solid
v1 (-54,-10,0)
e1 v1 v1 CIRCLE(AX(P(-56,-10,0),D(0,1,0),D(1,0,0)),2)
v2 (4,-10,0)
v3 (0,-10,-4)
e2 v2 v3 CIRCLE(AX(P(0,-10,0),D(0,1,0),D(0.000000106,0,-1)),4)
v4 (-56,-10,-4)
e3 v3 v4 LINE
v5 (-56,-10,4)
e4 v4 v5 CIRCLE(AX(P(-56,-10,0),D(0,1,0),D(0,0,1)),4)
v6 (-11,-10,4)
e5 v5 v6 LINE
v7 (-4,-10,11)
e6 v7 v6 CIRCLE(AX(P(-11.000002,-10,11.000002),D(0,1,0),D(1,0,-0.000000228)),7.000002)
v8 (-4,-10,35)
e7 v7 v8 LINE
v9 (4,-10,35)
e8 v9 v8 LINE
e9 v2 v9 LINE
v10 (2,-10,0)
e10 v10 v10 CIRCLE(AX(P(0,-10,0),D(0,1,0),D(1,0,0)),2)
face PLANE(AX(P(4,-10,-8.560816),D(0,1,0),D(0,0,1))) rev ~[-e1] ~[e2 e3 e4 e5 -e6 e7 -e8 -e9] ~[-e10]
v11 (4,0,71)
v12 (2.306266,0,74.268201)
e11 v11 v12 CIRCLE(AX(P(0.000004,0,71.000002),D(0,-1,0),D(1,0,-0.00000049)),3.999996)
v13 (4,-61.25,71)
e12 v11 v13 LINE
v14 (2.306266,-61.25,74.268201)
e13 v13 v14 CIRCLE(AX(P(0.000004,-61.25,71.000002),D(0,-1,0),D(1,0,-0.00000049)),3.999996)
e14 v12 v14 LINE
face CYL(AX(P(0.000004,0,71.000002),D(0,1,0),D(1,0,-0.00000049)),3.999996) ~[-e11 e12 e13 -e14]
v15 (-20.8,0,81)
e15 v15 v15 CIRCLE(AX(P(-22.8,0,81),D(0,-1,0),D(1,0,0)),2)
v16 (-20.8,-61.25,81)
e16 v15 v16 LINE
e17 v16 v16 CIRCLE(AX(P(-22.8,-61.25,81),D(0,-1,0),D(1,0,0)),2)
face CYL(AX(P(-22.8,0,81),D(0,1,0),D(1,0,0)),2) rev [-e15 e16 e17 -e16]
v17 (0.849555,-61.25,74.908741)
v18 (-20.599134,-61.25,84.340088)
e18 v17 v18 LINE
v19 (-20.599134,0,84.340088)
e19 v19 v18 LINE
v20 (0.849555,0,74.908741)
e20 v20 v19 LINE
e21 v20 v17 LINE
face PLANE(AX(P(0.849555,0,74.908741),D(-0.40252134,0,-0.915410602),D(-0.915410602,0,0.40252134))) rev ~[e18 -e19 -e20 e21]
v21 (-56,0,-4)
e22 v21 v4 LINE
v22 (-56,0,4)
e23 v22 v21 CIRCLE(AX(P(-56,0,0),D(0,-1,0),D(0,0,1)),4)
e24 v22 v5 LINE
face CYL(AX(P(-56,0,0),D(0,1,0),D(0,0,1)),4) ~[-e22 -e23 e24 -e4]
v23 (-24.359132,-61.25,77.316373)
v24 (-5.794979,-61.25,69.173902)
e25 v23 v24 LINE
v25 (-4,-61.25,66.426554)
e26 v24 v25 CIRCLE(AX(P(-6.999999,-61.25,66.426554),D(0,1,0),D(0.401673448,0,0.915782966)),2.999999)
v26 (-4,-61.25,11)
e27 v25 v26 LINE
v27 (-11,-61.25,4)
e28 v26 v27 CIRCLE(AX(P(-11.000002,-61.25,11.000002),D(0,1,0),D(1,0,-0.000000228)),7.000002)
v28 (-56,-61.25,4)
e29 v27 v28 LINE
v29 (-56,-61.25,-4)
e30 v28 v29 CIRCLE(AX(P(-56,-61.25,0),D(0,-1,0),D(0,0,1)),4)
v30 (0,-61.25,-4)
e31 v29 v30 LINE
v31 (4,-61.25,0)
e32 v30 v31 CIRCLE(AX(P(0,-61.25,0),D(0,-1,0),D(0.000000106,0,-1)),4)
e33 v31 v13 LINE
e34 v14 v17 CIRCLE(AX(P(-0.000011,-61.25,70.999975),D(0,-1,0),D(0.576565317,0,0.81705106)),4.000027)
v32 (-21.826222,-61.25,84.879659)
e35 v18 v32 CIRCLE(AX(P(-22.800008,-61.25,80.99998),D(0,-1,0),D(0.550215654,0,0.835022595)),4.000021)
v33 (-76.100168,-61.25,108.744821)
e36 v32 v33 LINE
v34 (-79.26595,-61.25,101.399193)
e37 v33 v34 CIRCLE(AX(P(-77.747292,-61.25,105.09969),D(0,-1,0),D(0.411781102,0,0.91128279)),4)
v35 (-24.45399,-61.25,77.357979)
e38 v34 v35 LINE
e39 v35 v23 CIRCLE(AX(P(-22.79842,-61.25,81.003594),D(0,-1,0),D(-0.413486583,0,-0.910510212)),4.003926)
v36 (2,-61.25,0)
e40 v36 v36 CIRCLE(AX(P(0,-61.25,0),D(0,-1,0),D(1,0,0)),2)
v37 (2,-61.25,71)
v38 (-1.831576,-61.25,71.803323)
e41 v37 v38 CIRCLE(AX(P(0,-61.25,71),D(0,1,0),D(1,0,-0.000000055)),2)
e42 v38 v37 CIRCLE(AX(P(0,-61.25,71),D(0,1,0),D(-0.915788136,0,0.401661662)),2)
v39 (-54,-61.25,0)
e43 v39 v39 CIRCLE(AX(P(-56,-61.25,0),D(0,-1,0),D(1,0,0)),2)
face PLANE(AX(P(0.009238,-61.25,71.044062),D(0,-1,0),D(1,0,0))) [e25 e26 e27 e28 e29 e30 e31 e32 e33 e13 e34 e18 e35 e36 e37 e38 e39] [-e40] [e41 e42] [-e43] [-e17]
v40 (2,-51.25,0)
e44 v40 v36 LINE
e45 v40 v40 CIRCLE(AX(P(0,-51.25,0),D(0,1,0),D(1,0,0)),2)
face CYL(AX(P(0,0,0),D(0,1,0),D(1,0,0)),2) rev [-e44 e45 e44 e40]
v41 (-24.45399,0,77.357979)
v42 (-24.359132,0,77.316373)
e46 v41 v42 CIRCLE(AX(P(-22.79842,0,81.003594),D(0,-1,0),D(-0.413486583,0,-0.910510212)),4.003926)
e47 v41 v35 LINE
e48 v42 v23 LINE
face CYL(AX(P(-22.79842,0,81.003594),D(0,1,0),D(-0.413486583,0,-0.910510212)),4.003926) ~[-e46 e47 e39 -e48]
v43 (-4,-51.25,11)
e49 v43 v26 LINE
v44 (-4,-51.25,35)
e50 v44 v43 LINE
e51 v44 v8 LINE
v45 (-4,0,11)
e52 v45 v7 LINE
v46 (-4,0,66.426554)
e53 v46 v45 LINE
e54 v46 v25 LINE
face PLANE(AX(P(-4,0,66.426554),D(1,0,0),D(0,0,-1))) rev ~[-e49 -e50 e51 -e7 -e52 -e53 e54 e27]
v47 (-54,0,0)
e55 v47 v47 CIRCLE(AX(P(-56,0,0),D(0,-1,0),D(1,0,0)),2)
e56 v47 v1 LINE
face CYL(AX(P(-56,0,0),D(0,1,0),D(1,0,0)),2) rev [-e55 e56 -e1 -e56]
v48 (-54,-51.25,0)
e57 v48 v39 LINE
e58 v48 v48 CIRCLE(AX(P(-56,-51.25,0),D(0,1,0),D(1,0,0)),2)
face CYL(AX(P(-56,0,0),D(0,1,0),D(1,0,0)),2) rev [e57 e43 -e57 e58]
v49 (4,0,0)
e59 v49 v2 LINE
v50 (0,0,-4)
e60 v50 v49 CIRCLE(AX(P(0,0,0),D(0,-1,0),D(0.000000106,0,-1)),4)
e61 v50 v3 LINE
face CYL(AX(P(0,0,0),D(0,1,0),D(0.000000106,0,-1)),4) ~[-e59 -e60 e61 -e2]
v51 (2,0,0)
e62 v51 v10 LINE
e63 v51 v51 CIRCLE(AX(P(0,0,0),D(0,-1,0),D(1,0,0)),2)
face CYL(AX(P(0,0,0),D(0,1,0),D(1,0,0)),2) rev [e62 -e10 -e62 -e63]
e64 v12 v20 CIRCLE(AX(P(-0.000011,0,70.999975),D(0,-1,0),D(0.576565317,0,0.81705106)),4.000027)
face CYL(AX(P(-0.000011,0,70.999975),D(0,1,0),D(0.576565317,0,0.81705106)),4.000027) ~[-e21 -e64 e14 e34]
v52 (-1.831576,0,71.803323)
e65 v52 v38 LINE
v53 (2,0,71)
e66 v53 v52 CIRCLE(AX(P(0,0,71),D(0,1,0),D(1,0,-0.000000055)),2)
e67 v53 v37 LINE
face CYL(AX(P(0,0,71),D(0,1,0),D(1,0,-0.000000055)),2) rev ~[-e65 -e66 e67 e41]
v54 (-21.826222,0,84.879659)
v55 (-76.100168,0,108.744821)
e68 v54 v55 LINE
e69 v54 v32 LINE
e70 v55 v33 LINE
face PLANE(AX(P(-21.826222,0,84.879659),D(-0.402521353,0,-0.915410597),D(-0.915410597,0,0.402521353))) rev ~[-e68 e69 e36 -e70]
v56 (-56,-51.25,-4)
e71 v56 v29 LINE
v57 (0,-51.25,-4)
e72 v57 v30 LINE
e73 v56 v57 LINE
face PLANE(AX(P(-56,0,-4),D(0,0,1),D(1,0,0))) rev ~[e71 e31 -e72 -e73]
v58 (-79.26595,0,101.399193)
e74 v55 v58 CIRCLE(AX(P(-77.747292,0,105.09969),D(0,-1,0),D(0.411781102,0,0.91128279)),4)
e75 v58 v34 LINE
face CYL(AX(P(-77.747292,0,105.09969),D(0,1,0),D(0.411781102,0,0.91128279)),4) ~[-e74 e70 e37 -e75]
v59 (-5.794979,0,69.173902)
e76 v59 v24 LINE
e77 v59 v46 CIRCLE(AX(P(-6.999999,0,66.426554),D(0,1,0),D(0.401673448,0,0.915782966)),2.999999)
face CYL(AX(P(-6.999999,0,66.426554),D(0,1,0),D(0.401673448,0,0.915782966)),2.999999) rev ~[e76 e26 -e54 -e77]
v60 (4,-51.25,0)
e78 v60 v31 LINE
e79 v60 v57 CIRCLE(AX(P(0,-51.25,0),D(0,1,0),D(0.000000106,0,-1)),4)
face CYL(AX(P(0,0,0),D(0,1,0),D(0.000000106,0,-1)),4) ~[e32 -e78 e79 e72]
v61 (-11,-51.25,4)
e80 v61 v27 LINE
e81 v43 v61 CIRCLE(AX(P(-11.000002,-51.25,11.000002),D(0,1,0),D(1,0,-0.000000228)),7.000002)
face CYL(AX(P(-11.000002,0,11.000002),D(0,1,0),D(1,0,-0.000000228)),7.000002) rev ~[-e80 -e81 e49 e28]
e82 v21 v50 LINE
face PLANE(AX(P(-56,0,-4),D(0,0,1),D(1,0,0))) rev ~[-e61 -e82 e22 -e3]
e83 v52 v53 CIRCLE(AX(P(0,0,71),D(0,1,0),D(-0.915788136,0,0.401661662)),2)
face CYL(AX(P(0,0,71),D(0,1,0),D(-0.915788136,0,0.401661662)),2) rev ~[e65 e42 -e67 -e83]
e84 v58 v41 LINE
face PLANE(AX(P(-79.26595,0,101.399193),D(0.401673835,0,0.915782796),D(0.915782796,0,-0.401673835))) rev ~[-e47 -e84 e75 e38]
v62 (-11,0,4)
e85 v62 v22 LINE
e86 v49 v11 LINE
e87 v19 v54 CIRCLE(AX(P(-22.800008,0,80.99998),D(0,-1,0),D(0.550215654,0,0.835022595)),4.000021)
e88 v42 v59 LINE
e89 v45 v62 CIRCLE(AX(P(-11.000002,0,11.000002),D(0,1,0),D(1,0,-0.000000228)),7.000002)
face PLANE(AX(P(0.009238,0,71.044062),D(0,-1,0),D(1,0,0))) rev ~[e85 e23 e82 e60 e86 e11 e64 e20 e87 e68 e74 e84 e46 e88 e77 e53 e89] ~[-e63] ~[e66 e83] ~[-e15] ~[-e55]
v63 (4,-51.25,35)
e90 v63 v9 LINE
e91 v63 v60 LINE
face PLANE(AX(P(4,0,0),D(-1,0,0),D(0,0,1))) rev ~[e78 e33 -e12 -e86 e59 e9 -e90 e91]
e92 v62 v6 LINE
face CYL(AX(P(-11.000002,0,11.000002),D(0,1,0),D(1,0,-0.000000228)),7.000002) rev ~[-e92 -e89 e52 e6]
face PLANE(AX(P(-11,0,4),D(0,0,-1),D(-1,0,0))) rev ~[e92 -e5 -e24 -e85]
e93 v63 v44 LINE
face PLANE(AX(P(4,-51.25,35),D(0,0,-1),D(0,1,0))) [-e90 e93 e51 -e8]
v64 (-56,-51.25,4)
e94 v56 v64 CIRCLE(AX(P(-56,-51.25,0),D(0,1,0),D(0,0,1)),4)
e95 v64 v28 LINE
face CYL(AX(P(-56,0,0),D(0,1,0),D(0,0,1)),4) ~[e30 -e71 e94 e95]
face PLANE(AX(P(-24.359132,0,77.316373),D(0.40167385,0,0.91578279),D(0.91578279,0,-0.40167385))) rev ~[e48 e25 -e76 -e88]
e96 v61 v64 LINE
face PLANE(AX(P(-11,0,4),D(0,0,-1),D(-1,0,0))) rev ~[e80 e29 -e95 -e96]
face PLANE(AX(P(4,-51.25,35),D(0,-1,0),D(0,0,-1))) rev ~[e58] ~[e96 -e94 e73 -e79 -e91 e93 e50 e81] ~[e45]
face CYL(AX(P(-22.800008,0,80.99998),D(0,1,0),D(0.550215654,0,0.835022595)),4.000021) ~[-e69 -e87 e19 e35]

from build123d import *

# Parameters (mm, degrees)
F0_R     = 2
F1_DEPTH = 61.25
F3_W     = 41.25
F3_H     = 8.560816
F3_H_2   = 35
F4_DEPTH = 65


with BuildPart() as f1:
    # F0 (on Front) → F1 (new body)
    with BuildSketch(Plane.XZ):
        with BuildLine():
            ThreePointArc((-1.831576, 71.803323), (-0.410394, 69.042559), (2, 71))
            ThreePointArc((2, 71), (0.410394, 72.957441), (-1.831576, 71.803323))
        make_face()
        with BuildLine():
            Line((4, 0), (4, 71))
            ThreePointArc((4, 71), (3.551413, 72.840508), (2.306266, 74.268201))
            Line((2.306266, 74.268201), (0.849555, 74.908741))
            Line((0.849555, 74.908741), (-20.599134, 84.340088))
            Line((-20.599134, 84.340088), (-21.826222, 84.879659))
            Line((-21.826222, 84.879659), (-76.100168, 108.744821))
            ThreePointArc((-76.100168, 108.744821), (-81.420668, 106.682823), (-79.26595, 101.399193))
            Line((-79.26595, 101.399193), (-24.45399, 77.357979))
            Line((-24.45399, 77.357979), (-24.359132, 77.316373))
            Line((-24.359132, 77.316373), (-5.794979, 69.173902))
            ThreePointArc((-5.794979, 69.173902), (-4.48852, 68.067428), (-4, 66.426554))
            Line((-4, 66.426554), (-4, 11))
            ThreePointArc((-4, 11), (-6.050253, 6.050253), (-11, 4))
            Line((-11, 4), (-56, 4))
            ThreePointArc((-56, 4), (-60, 0), (-56, -4))
            Line((-56, -4), (0, -4))
            ThreePointArc((0, -4), (2.828427, -2.828427), (4, 0))
        make_face()
        with Locations((-56, 0)):
            Circle(F0_R, mode=Mode.SUBTRACT)
        Circle(F0_R, mode=Mode.SUBTRACT)
        with BuildLine():
            ThreePointArc((-1.831576, 71.803323), (0.410394, 72.957441), (2, 71))
            ThreePointArc((2, 71), (-0.410394, 69.042559), (-1.831576, 71.803323))
        make_face(mode=Mode.SUBTRACT)
        with Locations((-22.8, 81)):
            Circle(F0_R, mode=Mode.SUBTRACT)
        with BuildLine():
            Line((0.849555, 74.908741), (2.306266, 74.268201))
            ThreePointArc((2.306266, 74.268201), (1.610085, 74.661642), (0.849555, 74.908741))
        make_face()
        with BuildLine():
            Line((-21.826222, 84.879659), (-20.599134, 84.340088))
            ThreePointArc((-20.599134, 84.340088), (-21.189915, 84.661642), (-21.826222, 84.879659))
        make_face()
        with BuildLine():
            Line((-24.359132, 77.316373), (-24.45399, 77.357979))
            ThreePointArc((-24.45399, 77.357979), (-24.406695, 77.336869), (-24.359132, 77.316373))
        make_face()
    extrude(amount=F1_DEPTH)

    # F3 (on face) → F4 (cut)
    with BuildSketch(Plane.YZ.offset(4)):
        with Locations((-30.625, -4.280408)):
            Rectangle(F3_W, F3_H)
        with Locations((-30.625, 17.5)):
            Rectangle(F3_W, F3_H_2)
    extrude(amount=-F4_DEPTH, mode=Mode.SUBTRACT)


solid = f1.part
